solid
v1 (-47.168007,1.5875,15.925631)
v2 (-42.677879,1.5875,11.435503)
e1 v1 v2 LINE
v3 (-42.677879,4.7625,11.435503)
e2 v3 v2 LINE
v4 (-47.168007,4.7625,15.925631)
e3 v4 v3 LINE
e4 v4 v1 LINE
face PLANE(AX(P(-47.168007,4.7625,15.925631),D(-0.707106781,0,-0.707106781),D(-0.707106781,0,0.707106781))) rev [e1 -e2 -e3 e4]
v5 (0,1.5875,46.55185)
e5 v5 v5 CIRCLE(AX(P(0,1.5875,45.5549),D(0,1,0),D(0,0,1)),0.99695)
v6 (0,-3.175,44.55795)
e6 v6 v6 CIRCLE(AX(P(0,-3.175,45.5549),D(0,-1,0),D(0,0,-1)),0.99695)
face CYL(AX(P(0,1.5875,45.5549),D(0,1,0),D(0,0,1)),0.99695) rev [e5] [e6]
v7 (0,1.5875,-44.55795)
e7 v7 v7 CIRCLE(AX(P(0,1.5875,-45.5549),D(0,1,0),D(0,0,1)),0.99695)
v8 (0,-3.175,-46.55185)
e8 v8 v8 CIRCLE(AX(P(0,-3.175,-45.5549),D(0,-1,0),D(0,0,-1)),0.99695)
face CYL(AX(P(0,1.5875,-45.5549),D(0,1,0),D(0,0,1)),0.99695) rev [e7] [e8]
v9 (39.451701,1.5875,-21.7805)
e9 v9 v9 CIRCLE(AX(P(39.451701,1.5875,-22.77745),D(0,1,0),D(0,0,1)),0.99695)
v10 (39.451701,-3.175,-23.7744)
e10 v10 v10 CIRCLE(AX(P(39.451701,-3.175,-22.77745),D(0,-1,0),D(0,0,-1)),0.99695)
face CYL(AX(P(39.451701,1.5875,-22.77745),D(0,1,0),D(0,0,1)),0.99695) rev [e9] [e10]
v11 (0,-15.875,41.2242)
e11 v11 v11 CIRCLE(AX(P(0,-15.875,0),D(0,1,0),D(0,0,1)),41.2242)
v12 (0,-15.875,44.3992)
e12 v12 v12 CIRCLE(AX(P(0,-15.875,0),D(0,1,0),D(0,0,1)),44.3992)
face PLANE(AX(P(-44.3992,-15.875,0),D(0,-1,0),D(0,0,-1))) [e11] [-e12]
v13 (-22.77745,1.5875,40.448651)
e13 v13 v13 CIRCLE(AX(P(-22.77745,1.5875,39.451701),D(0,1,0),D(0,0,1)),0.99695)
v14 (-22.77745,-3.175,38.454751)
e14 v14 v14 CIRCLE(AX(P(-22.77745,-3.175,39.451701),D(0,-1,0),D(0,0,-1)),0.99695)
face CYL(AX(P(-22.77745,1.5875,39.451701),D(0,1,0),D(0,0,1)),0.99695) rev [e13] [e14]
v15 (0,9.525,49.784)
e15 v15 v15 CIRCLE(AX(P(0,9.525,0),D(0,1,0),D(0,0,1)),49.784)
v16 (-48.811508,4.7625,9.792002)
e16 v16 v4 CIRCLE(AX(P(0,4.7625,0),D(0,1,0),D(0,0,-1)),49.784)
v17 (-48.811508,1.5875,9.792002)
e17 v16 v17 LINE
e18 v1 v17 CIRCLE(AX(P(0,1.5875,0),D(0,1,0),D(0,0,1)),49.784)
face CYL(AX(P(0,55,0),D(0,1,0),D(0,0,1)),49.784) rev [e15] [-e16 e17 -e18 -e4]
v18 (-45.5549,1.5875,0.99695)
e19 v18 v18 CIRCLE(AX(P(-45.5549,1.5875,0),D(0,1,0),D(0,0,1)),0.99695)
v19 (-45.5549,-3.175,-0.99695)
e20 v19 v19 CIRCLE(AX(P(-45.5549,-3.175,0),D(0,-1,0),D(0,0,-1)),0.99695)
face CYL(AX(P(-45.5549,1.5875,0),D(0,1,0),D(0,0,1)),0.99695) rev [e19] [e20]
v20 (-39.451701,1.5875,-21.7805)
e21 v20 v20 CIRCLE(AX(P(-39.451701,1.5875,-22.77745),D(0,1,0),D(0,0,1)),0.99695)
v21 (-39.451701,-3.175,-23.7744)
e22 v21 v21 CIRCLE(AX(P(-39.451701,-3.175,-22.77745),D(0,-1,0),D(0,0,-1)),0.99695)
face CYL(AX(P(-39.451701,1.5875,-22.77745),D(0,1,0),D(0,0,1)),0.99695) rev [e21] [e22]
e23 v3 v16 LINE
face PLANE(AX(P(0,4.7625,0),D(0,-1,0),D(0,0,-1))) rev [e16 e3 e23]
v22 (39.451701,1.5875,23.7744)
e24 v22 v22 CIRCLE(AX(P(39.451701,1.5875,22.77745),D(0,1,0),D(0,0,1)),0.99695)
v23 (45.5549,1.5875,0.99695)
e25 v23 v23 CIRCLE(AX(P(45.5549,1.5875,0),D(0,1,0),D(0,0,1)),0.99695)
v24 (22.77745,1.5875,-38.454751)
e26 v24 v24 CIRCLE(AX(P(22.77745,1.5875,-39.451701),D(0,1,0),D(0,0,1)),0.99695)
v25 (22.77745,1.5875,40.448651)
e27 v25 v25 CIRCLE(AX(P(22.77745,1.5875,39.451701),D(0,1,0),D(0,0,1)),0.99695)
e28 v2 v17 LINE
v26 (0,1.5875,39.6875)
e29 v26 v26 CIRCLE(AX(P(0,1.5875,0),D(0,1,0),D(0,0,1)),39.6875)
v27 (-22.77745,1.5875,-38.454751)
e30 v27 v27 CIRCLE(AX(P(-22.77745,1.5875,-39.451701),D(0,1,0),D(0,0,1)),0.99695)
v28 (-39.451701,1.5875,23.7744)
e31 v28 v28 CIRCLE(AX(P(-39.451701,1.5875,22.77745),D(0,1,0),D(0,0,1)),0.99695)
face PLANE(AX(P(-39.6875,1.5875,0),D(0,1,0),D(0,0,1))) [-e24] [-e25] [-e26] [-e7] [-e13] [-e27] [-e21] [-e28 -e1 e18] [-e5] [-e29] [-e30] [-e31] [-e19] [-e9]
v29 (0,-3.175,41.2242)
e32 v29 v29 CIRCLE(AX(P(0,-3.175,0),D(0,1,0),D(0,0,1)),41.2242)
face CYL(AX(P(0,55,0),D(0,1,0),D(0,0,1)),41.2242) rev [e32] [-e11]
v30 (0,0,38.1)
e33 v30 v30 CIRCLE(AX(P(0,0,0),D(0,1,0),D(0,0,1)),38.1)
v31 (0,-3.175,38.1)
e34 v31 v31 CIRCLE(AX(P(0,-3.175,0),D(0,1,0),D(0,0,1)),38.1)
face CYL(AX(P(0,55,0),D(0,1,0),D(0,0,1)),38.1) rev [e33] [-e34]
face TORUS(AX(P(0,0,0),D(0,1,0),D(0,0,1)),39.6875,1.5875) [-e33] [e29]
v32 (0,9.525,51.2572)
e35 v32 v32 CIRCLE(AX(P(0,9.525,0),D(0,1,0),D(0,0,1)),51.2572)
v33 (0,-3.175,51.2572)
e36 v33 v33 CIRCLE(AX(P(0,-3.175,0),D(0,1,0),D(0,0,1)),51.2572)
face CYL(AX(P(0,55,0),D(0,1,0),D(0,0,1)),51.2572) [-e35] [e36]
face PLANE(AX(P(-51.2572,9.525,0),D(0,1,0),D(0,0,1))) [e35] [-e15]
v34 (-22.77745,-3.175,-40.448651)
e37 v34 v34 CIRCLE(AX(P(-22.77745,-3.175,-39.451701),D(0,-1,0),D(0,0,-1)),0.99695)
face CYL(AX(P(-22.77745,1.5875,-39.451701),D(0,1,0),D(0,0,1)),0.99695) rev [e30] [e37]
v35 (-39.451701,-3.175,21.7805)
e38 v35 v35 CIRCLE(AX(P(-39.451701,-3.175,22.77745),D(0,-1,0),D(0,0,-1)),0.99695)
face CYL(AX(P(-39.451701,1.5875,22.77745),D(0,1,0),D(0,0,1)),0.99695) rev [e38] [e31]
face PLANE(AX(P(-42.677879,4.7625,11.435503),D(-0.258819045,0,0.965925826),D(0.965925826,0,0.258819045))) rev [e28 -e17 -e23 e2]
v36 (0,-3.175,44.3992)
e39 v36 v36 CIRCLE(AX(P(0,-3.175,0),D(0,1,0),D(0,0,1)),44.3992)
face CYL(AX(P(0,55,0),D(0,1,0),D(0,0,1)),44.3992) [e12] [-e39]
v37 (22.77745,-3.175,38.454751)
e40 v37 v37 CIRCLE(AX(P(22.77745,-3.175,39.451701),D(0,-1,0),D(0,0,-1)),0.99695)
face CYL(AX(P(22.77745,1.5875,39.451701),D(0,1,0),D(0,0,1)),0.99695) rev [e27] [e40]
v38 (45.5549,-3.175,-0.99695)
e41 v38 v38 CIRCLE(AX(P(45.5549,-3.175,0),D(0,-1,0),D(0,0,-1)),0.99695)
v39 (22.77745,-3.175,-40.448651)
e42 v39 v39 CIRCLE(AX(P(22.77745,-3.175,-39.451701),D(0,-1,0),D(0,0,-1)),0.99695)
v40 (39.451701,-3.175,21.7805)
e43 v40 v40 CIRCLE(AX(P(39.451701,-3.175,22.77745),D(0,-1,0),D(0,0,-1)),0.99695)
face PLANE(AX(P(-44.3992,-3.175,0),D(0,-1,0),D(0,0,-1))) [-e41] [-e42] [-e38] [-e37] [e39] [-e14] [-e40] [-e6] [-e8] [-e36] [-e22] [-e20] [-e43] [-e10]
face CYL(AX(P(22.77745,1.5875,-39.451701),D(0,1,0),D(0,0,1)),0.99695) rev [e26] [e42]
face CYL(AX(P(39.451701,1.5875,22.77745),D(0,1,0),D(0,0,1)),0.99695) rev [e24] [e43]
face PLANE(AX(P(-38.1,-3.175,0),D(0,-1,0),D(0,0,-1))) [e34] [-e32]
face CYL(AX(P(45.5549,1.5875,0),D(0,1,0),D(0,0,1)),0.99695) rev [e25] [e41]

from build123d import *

# Parameters (mm, degrees)
F_3_48_TAPPED_HOLE1_D = 1.9939
CIRPATTERN1_COUNT     = 12
BOSS_EXTRUDE1_DEPTH   = 3.175


with BuildPart() as part:
    # Cross Section → Main (revolve)
    with BuildSketch(Plane.XY):
        with BuildLine():
            Line((-38.1, 0), (-38.1, -3.175))
            Line((-38.1, -3.175), (-41.2242, -3.175))
            Line((-41.2242, -3.175), (-41.2242, -15.875))
            Line((-41.2242, -15.875), (-44.3992, -15.875))
            Line((-44.3992, -15.875), (-44.3992, -3.175))
            Line((-44.3992, -3.175), (-51.2572, -3.175))
            Line((-51.2572, -3.175), (-51.2572, 9.525))
            Line((-51.2572, 9.525), (-49.784, 9.525))
            Line((-49.784, 9.525), (-49.784, 1.5875))
            Line((-49.784, 1.5875), (-39.6875, 1.5875))
            ThreePointArc((-39.6875, 1.5875), (-38.564967985, 1.122532015), (-38.1, 0))
        make_face()
    revolve(axis=Axis((0, 55, 0), (0, -1, 0)))

    # #3-48 Tapped Hole1 (through all)
    with Locations(Plane(origin=(0, 1.5875, 0), x_dir=(1, 0, 0), z_dir=(0, 1, 0))):
        with Locations((-45.5549, 0)):
            f_3_48_tapped_hole1 = Hole(F_3_48_TAPPED_HOLE1_D / 2)

    # CirPattern1: #3-48 Tapped Hole1 ×12 about axis
    cirpattern1_axis = Axis((0, 0, 0), (0, 1, 0))
    for i in range(1, CIRPATTERN1_COUNT):
        add(f_3_48_tapped_hole1.rotate(cirpattern1_axis, i * 360 / CIRPATTERN1_COUNT), mode=Mode.SUBTRACT)

    # Sketch3 → Boss-Extrude1 (add)
    with BuildSketch(Plane(origin=(0, 1.5875, 0), x_dir=(1, 0, 0), z_dir=(0, 1, 0))):
        with BuildLine():
            Line((-47.168007396, -15.925631363), (-42.677879335, -11.435503303))
            Line((-42.677879335, -11.435503303), (-48.811508332, -9.792002366))
            ThreePointArc((-48.811508332, -9.792002366), (-48.087651336, -12.885047341), (-47.168007396, -15.925631363))
        make_face()
    extrude(amount=BOSS_EXTRUDE1_DEPTH)


solid = part.part
